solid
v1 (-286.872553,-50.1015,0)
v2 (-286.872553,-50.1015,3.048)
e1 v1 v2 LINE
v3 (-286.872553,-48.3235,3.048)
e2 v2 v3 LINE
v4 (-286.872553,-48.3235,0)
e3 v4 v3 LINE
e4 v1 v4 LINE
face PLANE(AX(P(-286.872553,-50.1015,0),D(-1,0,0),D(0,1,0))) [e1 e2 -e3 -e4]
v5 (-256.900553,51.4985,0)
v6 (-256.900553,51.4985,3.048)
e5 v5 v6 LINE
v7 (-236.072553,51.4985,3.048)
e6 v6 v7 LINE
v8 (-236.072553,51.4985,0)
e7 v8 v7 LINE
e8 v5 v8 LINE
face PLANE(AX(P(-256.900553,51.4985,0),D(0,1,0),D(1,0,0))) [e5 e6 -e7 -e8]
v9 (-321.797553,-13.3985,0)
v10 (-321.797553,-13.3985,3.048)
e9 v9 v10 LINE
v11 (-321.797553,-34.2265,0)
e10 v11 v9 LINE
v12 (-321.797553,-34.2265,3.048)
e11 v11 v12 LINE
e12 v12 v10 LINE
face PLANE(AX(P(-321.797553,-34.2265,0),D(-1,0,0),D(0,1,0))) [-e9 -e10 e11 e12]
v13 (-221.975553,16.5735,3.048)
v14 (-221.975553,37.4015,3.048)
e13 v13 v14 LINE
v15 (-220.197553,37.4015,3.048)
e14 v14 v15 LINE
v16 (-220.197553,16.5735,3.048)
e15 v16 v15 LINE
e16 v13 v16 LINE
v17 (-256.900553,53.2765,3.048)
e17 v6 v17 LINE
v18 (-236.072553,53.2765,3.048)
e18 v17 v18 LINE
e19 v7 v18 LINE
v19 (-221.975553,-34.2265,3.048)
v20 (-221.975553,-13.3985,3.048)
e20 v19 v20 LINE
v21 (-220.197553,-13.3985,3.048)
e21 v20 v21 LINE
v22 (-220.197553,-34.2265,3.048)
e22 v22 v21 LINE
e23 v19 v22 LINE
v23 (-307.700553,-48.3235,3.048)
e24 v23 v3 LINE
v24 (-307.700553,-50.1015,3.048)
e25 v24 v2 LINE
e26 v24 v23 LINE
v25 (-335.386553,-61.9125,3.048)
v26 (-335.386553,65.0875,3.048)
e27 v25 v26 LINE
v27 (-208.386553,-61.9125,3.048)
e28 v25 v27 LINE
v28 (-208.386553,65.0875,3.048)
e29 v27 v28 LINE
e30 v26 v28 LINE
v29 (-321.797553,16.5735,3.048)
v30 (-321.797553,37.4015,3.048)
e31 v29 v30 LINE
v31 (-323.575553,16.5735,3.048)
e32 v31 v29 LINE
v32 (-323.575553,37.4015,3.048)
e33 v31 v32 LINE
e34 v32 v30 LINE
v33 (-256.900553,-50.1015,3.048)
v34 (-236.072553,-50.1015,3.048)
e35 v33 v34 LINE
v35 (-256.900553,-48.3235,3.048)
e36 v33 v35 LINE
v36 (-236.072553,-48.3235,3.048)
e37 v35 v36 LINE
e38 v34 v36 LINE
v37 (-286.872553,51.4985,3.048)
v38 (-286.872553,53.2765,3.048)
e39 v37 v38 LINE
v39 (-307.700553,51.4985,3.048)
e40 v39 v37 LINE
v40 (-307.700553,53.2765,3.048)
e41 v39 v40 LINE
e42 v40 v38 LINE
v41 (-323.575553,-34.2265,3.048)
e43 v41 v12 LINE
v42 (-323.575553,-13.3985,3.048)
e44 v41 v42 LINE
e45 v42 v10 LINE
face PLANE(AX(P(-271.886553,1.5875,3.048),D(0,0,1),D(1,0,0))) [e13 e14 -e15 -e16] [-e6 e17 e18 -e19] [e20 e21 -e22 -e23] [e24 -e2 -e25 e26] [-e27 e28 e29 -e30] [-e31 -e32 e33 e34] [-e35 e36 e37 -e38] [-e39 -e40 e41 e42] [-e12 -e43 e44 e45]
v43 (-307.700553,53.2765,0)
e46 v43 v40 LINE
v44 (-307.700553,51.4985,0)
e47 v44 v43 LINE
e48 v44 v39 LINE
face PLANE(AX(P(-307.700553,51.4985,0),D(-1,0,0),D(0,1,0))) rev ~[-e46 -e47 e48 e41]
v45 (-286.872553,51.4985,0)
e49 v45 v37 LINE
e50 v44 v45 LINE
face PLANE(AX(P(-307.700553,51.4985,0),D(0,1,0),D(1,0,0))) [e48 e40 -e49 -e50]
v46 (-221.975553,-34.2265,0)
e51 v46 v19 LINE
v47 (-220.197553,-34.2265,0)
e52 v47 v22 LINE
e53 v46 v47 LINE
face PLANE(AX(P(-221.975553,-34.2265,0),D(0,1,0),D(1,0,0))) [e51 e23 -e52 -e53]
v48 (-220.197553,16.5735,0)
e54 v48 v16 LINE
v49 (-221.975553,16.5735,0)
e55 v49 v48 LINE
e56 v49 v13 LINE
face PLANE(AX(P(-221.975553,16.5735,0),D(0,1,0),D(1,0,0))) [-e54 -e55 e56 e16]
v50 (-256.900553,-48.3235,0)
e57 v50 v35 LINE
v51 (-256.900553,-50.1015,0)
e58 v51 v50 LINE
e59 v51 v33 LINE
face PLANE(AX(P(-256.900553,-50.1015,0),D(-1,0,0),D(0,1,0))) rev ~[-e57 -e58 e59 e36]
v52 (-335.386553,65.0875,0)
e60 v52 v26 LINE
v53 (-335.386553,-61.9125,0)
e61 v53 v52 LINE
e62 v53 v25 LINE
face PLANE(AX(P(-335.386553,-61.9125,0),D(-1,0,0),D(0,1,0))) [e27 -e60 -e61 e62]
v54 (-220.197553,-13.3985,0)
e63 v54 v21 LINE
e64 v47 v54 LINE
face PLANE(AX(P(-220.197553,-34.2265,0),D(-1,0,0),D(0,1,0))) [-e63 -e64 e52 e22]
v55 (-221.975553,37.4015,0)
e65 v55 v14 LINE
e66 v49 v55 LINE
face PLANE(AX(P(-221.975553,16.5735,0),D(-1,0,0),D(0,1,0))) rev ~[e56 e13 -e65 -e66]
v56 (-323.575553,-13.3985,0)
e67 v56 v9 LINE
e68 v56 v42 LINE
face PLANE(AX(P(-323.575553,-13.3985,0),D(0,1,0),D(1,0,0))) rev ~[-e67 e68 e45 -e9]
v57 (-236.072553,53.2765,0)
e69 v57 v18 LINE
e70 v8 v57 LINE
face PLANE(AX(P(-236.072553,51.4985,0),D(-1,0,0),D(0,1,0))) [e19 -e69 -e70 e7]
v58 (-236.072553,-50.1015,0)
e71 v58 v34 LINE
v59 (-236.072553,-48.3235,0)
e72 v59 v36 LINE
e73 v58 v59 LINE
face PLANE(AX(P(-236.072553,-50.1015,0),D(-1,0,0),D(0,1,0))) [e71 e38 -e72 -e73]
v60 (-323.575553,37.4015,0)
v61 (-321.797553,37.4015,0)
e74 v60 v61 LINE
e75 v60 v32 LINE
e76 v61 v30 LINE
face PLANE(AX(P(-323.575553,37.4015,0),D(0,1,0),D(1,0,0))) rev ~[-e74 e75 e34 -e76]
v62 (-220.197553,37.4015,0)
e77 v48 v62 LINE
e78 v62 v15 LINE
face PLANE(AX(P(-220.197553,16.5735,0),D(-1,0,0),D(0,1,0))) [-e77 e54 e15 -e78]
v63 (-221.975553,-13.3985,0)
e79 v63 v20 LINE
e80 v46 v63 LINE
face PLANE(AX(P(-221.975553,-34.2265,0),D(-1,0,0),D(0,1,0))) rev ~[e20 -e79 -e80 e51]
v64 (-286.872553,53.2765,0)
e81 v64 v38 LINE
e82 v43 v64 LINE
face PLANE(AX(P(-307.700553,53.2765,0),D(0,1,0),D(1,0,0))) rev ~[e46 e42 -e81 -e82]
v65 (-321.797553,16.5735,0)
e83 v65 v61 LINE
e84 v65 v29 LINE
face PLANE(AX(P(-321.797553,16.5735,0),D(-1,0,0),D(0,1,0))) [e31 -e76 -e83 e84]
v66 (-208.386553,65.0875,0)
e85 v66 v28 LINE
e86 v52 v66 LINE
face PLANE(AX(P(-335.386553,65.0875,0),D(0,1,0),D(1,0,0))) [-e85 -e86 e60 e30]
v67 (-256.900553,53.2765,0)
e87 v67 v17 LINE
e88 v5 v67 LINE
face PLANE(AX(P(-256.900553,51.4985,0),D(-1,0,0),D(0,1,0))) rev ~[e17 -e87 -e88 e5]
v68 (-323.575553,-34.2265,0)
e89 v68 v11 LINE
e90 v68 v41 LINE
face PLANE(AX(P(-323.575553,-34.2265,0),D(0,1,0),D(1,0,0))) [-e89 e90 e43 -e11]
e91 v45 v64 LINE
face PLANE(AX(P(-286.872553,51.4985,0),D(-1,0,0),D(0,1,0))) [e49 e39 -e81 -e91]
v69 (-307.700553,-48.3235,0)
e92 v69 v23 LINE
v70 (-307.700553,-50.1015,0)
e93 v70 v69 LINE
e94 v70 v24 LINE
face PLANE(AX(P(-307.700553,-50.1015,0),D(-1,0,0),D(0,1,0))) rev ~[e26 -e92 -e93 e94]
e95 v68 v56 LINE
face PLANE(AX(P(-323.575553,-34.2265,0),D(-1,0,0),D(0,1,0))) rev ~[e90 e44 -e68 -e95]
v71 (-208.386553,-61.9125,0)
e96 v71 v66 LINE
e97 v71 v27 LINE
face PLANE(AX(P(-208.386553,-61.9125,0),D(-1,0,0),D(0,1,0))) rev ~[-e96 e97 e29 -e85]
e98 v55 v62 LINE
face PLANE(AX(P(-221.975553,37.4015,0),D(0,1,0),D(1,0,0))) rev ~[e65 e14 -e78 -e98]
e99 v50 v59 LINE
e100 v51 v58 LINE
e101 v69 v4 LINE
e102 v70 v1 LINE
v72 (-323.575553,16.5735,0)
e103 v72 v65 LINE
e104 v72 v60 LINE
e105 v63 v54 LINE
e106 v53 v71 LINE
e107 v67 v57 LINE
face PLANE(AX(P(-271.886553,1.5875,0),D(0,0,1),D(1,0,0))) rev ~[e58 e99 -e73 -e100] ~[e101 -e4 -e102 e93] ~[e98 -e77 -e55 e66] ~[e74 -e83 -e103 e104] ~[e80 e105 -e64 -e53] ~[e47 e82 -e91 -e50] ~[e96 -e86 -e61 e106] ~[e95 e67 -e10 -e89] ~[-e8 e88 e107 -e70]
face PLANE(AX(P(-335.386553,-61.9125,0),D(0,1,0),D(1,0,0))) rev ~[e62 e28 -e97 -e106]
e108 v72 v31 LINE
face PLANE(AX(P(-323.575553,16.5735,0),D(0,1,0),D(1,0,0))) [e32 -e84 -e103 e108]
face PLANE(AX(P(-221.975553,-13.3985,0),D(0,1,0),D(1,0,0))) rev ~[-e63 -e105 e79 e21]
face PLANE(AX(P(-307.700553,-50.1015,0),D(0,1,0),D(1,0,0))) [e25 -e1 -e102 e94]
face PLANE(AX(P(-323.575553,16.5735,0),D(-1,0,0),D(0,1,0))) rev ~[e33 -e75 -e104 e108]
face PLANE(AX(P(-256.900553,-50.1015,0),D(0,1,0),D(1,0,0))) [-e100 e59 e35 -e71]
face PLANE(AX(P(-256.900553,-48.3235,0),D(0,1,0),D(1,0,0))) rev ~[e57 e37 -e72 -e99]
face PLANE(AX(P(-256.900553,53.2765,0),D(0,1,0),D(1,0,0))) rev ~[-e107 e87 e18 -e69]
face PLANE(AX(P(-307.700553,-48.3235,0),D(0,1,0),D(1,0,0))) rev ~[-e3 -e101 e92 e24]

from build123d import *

# Parameters (mm, degrees)
F0_W     = 127
F0_H     = 127
F0_W_2   = 20.828
F0_H_2   = 1.778
F0_W_3   = 1.778
F0_H_3   = 20.828
F1_DEPTH = 3.048


with BuildPart() as f1:
    # F0 (on Top) → F1 (new body)
    with BuildSketch(Plane.XY):
        with Locations((-271.886553, 1.5875)):
            Rectangle(F0_W, F0_H)
        with Locations((-297.286553, -49.2125)):
            Rectangle(F0_W_2, F0_H_2, mode=Mode.SUBTRACT)
        with Locations((-322.686553, -23.8125)):
            Rectangle(F0_W_3, F0_H_3, mode=Mode.SUBTRACT)
        with Locations((-246.486553, -49.2125)):
            Rectangle(F0_W_2, F0_H_2, mode=Mode.SUBTRACT)
        with Locations((-221.086553, -23.8125)):
            Rectangle(F0_W_3, F0_H_3, mode=Mode.SUBTRACT)
        with Locations((-322.686553, 26.9875)):
            Rectangle(F0_W_3, F0_H_3, mode=Mode.SUBTRACT)
        with Locations((-297.286553, 52.3875)):
            Rectangle(F0_W_2, F0_H_2, mode=Mode.SUBTRACT)
        with Locations((-221.086553, 26.9875)):
            Rectangle(F0_W_3, F0_H_3, mode=Mode.SUBTRACT)
        with Locations((-246.486553, 52.3875)):
            Rectangle(F0_W_2, F0_H_2, mode=Mode.SUBTRACT)
    extrude(amount=F1_DEPTH)


solid = f1.part
